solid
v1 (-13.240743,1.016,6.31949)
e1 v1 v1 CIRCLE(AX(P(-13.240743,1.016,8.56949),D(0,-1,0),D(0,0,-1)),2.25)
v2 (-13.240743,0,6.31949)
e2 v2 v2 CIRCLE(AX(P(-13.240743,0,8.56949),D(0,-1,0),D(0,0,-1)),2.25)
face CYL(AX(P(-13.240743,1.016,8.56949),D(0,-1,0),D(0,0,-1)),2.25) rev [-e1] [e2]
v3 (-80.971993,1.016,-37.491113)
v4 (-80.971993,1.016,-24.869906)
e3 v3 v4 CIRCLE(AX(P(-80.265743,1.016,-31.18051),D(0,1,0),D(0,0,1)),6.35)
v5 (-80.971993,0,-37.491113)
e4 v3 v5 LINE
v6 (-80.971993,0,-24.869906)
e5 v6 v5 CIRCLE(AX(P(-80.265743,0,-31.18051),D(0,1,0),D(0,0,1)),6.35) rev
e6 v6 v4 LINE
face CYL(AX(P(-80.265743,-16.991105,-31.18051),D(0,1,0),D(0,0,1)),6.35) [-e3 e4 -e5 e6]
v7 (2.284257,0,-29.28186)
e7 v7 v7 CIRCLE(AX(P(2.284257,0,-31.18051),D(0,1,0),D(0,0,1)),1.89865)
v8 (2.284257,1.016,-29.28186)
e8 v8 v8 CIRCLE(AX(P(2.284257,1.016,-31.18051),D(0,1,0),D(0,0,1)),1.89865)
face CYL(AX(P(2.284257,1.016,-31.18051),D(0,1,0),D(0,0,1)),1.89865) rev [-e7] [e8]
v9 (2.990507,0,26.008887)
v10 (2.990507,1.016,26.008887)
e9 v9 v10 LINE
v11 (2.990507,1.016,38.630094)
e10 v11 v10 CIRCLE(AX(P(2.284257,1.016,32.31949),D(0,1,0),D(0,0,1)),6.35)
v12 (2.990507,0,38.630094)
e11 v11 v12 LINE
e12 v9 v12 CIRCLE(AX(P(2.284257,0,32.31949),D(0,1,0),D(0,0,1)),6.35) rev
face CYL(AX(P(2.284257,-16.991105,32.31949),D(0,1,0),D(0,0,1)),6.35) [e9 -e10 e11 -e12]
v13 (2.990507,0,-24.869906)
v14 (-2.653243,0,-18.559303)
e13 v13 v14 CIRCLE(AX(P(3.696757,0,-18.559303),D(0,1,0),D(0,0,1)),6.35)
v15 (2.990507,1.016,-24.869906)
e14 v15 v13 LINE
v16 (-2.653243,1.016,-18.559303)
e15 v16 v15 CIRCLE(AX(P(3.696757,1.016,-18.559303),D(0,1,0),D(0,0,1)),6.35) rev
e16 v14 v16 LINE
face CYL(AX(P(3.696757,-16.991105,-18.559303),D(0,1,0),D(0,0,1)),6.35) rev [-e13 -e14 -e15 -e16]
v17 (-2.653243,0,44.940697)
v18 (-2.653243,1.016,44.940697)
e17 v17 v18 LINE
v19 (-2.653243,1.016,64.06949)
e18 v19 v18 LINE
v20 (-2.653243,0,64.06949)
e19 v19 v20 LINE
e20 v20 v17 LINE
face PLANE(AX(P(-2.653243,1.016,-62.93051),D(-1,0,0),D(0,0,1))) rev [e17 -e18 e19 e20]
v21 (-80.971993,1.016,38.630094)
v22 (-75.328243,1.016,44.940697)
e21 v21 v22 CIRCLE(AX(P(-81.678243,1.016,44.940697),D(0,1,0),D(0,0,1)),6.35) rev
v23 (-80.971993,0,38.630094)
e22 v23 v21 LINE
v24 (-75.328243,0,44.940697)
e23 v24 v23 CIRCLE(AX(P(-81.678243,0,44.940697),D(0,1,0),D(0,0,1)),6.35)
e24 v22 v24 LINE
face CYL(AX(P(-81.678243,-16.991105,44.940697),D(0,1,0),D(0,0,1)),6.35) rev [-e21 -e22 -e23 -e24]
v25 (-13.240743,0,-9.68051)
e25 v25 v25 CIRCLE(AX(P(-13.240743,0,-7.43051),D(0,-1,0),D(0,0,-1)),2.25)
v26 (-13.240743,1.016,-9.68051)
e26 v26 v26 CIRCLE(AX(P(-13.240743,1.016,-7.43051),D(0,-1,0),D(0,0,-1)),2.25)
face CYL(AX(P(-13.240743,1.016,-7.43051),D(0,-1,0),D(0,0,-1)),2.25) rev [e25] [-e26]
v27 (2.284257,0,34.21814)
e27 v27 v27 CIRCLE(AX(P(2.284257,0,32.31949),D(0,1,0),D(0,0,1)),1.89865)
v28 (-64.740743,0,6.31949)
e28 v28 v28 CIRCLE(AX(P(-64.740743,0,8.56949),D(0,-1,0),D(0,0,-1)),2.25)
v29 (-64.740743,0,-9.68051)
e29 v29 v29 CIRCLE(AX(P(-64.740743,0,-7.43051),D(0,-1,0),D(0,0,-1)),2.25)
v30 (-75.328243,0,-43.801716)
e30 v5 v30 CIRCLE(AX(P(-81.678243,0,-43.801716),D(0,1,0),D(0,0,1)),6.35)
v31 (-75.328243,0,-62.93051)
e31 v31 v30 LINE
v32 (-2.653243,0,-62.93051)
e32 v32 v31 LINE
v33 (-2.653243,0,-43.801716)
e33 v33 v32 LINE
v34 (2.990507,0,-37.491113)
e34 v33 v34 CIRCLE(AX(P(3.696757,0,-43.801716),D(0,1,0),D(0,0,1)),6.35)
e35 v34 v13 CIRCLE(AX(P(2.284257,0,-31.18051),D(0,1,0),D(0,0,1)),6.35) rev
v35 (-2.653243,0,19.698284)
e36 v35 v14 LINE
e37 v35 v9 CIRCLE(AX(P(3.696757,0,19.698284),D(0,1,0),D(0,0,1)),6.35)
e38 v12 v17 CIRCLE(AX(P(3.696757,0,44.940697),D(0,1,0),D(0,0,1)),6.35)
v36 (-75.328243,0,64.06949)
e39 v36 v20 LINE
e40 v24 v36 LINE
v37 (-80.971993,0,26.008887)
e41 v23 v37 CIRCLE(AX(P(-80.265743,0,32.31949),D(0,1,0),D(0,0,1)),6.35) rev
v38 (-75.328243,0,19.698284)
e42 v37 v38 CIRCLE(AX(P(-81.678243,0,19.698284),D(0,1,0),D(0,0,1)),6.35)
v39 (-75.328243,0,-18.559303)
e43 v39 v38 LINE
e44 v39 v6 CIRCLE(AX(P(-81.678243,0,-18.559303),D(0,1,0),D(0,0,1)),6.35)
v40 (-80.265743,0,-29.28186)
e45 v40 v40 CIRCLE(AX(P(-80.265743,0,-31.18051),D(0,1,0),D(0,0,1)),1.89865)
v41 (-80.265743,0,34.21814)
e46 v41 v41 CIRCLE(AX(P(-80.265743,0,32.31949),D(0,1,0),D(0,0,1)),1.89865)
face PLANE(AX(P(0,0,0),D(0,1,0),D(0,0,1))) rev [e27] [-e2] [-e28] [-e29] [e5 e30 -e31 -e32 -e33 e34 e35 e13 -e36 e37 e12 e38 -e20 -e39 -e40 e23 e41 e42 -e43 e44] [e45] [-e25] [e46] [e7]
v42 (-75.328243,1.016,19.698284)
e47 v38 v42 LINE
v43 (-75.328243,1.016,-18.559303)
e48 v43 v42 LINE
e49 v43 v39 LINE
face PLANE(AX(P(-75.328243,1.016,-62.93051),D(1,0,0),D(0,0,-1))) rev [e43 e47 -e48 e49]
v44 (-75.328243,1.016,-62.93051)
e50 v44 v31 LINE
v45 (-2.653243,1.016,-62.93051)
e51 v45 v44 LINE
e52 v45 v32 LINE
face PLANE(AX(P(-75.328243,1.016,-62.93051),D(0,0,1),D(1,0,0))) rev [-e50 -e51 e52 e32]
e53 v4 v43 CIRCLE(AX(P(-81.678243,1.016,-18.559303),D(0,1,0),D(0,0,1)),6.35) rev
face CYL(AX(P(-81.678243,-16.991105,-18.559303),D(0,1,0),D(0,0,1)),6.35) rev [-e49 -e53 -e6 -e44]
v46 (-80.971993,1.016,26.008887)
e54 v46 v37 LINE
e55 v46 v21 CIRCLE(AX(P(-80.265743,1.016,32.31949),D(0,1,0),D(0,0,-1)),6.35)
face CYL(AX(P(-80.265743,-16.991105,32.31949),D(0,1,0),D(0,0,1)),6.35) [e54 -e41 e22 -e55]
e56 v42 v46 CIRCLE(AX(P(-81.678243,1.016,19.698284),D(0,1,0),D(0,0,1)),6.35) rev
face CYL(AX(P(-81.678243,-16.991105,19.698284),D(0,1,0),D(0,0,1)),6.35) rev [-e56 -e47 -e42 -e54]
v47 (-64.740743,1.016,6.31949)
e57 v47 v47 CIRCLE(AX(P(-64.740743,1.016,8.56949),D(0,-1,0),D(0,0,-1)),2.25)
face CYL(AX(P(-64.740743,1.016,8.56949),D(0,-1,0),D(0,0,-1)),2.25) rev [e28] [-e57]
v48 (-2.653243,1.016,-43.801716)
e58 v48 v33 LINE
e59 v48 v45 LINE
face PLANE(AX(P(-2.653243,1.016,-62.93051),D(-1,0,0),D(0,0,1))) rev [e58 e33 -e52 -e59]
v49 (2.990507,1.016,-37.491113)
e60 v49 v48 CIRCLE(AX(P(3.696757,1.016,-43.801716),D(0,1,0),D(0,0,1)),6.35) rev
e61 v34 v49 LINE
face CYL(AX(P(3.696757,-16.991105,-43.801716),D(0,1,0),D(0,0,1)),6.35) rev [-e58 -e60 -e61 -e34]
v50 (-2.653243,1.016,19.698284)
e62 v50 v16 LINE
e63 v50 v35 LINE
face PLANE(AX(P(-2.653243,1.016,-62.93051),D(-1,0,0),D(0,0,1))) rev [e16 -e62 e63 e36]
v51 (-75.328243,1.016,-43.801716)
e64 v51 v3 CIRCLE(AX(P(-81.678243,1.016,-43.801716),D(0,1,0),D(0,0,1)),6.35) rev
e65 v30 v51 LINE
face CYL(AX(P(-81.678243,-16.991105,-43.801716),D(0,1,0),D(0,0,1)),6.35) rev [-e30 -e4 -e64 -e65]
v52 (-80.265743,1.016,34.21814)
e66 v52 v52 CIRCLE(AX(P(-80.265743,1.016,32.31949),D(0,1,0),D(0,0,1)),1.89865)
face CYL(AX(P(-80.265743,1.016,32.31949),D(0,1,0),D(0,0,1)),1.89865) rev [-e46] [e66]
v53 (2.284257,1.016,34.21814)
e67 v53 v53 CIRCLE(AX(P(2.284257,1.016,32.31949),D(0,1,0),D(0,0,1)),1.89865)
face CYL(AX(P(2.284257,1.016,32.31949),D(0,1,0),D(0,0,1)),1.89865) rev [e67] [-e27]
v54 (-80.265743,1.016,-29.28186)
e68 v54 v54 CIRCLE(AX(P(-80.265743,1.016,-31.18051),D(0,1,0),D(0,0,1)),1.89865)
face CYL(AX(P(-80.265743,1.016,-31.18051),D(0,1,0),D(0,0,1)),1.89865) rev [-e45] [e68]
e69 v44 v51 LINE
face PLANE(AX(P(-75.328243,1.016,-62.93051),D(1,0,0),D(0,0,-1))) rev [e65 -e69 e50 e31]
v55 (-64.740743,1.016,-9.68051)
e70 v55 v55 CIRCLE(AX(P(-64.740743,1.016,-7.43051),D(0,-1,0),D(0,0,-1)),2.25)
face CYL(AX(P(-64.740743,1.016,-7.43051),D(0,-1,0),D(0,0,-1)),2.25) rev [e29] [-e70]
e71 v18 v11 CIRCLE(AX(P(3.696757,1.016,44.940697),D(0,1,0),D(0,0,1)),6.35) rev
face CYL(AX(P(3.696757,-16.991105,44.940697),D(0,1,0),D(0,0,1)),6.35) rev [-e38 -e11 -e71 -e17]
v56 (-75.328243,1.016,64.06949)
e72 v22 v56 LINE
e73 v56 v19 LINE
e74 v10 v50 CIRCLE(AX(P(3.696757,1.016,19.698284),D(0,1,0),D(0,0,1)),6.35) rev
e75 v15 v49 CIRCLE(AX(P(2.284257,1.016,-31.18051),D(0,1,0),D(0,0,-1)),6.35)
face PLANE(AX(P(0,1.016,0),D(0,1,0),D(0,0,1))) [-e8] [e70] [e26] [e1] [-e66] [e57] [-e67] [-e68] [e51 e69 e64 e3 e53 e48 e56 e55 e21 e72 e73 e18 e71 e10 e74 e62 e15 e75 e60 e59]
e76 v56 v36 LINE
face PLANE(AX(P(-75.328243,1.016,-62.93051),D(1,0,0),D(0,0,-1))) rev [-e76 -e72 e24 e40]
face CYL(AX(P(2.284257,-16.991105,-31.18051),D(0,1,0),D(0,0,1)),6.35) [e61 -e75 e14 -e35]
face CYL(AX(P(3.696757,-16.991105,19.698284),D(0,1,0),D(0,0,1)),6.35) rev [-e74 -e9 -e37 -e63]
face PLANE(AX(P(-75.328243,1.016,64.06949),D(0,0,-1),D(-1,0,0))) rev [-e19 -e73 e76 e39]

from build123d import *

# Parameters (mm, degrees)
SKETCH1_W             = 72.675
SKETCH1_H             = 127
BOSS_EXTRUDE1_DEPTH   = 1.016
SKETCH2_R             = 2.25
CUT_EXTRUDE1_DEPTH    = 2.016
BOSS_EXTRUDE2_DEPTH   = 1.016
F_6_CLEARANCE_HOLE1_D = 3.7973
FILLET1_R             = 6.35


with BuildPart() as part:
    # Sketch1 → Boss-Extrude1 (new body)
    with BuildSketch(Plane(origin=(0, 0, 0), x_dir=(1, 0, 0), z_dir=(0, 1, 0))):
        with Locations((-38.990743482, -0.569490469)):
            Rectangle(SKETCH1_W, SKETCH1_H)
    extrude(amount=BOSS_EXTRUDE1_DEPTH)

    # Sketch2 → Cut-Extrude1 (cut, through all)
    with BuildSketch(Plane.XZ):
        with Locations((-64.740743482, 8.569490469)):
            Circle(SKETCH2_R)
        with Locations((-64.740743482, -7.430509531)):
            Circle(SKETCH2_R)
        with Locations((-13.240743482, -7.430509531)):
            Circle(SKETCH2_R)
        with Locations((-13.240743482, 8.569490469)):
            Circle(SKETCH2_R)
    extrude(amount=-CUT_EXTRUDE1_DEPTH, mode=Mode.SUBTRACT)

    # Sketch3 → Boss-Extrude2 (add)
    with BuildSketch(Plane(origin=(0, 1.016, 0), x_dir=(1, 0, 0), z_dir=(0, 1, 0))):
        with BuildLine():
            Line((-80.265743482, 37.530509531), (-75.328243482, 37.530509531))
            Line((-75.328243482, 37.530509531), (-75.328243482, 24.830509531))
            Line((-75.328243482, 24.830509531), (-80.265743482, 24.830509531))
            ThreePointArc((-80.265743482, 24.830509531), (-86.615743482, 31.180509531), (-80.265743482, 37.530509531))
        make_face()
        with BuildLine():
            Line((2.284256518, 24.830509531), (-2.653243482, 24.830509531))
            Line((-2.653243482, 24.830509531), (-2.653243482, 37.530509531))
            Line((-2.653243482, 37.530509531), (2.284256518, 37.530509531))
            ThreePointArc((2.284256518, 37.530509531), (8.634256518, 31.180509531), (2.284256518, 24.830509531))
        make_face()
        with BuildLine():
            Line((-75.328243482, -38.669490469), (-75.328243482, -25.969490469))
            Line((-75.328243482, -25.969490469), (-80.265743482, -25.969490469))
            ThreePointArc((-80.265743482, -25.969490469), (-86.615743482, -32.319490469), (-80.265743482, -38.669490469))
            Line((-80.265743482, -38.669490469), (-75.328243482, -38.669490469))
        make_face()
        with BuildLine():
            Line((2.284256518, -25.969490469), (-2.653243482, -25.969490469))
            Line((-2.653243482, -25.969490469), (-2.653243482, -38.669490469))
            Line((-2.653243482, -38.669490469), (2.284256518, -38.669490469))
            ThreePointArc((2.284256518, -38.669490469), (8.634256518, -32.319490469), (2.284256518, -25.969490469))
        make_face()
    extrude(amount=-BOSS_EXTRUDE2_DEPTH)

    # #6 Clearance Hole1 (through all)
    with Locations(Plane(origin=(0, 1.016, 0), x_dir=(1, 0, 0), z_dir=(0, 1, 0))):
        with Locations((-80.265743482, 31.180509531), (-80.265743482, -32.319490469), (2.284256518, -32.319490469), (2.284256518, 31.180509531)):
            Hole(F_6_CLEARANCE_HOLE1_D / 2)

    # Fillet1
    fillet1_edges = [part.edges().sort_by_distance(p)[0] for p in [
        (-75.328243482, 0.508, -37.530509531),
        (-75.328243482, 0.508, -24.830509531),
        (-75.328243482, 0.508, 25.969490469),
        (-75.328243482, 0.508, 38.669490469),
        (-2.653243482, 0.508, -24.830509531),
        (-2.653243482, 0.508, -37.530509531),
        (-2.653243482, 0.508, 25.969490469),
        (-2.653243482, 0.508, 38.669490469),
    ]]
    fillet(fillet1_edges, radius=FILLET1_R)


solid = part.part
